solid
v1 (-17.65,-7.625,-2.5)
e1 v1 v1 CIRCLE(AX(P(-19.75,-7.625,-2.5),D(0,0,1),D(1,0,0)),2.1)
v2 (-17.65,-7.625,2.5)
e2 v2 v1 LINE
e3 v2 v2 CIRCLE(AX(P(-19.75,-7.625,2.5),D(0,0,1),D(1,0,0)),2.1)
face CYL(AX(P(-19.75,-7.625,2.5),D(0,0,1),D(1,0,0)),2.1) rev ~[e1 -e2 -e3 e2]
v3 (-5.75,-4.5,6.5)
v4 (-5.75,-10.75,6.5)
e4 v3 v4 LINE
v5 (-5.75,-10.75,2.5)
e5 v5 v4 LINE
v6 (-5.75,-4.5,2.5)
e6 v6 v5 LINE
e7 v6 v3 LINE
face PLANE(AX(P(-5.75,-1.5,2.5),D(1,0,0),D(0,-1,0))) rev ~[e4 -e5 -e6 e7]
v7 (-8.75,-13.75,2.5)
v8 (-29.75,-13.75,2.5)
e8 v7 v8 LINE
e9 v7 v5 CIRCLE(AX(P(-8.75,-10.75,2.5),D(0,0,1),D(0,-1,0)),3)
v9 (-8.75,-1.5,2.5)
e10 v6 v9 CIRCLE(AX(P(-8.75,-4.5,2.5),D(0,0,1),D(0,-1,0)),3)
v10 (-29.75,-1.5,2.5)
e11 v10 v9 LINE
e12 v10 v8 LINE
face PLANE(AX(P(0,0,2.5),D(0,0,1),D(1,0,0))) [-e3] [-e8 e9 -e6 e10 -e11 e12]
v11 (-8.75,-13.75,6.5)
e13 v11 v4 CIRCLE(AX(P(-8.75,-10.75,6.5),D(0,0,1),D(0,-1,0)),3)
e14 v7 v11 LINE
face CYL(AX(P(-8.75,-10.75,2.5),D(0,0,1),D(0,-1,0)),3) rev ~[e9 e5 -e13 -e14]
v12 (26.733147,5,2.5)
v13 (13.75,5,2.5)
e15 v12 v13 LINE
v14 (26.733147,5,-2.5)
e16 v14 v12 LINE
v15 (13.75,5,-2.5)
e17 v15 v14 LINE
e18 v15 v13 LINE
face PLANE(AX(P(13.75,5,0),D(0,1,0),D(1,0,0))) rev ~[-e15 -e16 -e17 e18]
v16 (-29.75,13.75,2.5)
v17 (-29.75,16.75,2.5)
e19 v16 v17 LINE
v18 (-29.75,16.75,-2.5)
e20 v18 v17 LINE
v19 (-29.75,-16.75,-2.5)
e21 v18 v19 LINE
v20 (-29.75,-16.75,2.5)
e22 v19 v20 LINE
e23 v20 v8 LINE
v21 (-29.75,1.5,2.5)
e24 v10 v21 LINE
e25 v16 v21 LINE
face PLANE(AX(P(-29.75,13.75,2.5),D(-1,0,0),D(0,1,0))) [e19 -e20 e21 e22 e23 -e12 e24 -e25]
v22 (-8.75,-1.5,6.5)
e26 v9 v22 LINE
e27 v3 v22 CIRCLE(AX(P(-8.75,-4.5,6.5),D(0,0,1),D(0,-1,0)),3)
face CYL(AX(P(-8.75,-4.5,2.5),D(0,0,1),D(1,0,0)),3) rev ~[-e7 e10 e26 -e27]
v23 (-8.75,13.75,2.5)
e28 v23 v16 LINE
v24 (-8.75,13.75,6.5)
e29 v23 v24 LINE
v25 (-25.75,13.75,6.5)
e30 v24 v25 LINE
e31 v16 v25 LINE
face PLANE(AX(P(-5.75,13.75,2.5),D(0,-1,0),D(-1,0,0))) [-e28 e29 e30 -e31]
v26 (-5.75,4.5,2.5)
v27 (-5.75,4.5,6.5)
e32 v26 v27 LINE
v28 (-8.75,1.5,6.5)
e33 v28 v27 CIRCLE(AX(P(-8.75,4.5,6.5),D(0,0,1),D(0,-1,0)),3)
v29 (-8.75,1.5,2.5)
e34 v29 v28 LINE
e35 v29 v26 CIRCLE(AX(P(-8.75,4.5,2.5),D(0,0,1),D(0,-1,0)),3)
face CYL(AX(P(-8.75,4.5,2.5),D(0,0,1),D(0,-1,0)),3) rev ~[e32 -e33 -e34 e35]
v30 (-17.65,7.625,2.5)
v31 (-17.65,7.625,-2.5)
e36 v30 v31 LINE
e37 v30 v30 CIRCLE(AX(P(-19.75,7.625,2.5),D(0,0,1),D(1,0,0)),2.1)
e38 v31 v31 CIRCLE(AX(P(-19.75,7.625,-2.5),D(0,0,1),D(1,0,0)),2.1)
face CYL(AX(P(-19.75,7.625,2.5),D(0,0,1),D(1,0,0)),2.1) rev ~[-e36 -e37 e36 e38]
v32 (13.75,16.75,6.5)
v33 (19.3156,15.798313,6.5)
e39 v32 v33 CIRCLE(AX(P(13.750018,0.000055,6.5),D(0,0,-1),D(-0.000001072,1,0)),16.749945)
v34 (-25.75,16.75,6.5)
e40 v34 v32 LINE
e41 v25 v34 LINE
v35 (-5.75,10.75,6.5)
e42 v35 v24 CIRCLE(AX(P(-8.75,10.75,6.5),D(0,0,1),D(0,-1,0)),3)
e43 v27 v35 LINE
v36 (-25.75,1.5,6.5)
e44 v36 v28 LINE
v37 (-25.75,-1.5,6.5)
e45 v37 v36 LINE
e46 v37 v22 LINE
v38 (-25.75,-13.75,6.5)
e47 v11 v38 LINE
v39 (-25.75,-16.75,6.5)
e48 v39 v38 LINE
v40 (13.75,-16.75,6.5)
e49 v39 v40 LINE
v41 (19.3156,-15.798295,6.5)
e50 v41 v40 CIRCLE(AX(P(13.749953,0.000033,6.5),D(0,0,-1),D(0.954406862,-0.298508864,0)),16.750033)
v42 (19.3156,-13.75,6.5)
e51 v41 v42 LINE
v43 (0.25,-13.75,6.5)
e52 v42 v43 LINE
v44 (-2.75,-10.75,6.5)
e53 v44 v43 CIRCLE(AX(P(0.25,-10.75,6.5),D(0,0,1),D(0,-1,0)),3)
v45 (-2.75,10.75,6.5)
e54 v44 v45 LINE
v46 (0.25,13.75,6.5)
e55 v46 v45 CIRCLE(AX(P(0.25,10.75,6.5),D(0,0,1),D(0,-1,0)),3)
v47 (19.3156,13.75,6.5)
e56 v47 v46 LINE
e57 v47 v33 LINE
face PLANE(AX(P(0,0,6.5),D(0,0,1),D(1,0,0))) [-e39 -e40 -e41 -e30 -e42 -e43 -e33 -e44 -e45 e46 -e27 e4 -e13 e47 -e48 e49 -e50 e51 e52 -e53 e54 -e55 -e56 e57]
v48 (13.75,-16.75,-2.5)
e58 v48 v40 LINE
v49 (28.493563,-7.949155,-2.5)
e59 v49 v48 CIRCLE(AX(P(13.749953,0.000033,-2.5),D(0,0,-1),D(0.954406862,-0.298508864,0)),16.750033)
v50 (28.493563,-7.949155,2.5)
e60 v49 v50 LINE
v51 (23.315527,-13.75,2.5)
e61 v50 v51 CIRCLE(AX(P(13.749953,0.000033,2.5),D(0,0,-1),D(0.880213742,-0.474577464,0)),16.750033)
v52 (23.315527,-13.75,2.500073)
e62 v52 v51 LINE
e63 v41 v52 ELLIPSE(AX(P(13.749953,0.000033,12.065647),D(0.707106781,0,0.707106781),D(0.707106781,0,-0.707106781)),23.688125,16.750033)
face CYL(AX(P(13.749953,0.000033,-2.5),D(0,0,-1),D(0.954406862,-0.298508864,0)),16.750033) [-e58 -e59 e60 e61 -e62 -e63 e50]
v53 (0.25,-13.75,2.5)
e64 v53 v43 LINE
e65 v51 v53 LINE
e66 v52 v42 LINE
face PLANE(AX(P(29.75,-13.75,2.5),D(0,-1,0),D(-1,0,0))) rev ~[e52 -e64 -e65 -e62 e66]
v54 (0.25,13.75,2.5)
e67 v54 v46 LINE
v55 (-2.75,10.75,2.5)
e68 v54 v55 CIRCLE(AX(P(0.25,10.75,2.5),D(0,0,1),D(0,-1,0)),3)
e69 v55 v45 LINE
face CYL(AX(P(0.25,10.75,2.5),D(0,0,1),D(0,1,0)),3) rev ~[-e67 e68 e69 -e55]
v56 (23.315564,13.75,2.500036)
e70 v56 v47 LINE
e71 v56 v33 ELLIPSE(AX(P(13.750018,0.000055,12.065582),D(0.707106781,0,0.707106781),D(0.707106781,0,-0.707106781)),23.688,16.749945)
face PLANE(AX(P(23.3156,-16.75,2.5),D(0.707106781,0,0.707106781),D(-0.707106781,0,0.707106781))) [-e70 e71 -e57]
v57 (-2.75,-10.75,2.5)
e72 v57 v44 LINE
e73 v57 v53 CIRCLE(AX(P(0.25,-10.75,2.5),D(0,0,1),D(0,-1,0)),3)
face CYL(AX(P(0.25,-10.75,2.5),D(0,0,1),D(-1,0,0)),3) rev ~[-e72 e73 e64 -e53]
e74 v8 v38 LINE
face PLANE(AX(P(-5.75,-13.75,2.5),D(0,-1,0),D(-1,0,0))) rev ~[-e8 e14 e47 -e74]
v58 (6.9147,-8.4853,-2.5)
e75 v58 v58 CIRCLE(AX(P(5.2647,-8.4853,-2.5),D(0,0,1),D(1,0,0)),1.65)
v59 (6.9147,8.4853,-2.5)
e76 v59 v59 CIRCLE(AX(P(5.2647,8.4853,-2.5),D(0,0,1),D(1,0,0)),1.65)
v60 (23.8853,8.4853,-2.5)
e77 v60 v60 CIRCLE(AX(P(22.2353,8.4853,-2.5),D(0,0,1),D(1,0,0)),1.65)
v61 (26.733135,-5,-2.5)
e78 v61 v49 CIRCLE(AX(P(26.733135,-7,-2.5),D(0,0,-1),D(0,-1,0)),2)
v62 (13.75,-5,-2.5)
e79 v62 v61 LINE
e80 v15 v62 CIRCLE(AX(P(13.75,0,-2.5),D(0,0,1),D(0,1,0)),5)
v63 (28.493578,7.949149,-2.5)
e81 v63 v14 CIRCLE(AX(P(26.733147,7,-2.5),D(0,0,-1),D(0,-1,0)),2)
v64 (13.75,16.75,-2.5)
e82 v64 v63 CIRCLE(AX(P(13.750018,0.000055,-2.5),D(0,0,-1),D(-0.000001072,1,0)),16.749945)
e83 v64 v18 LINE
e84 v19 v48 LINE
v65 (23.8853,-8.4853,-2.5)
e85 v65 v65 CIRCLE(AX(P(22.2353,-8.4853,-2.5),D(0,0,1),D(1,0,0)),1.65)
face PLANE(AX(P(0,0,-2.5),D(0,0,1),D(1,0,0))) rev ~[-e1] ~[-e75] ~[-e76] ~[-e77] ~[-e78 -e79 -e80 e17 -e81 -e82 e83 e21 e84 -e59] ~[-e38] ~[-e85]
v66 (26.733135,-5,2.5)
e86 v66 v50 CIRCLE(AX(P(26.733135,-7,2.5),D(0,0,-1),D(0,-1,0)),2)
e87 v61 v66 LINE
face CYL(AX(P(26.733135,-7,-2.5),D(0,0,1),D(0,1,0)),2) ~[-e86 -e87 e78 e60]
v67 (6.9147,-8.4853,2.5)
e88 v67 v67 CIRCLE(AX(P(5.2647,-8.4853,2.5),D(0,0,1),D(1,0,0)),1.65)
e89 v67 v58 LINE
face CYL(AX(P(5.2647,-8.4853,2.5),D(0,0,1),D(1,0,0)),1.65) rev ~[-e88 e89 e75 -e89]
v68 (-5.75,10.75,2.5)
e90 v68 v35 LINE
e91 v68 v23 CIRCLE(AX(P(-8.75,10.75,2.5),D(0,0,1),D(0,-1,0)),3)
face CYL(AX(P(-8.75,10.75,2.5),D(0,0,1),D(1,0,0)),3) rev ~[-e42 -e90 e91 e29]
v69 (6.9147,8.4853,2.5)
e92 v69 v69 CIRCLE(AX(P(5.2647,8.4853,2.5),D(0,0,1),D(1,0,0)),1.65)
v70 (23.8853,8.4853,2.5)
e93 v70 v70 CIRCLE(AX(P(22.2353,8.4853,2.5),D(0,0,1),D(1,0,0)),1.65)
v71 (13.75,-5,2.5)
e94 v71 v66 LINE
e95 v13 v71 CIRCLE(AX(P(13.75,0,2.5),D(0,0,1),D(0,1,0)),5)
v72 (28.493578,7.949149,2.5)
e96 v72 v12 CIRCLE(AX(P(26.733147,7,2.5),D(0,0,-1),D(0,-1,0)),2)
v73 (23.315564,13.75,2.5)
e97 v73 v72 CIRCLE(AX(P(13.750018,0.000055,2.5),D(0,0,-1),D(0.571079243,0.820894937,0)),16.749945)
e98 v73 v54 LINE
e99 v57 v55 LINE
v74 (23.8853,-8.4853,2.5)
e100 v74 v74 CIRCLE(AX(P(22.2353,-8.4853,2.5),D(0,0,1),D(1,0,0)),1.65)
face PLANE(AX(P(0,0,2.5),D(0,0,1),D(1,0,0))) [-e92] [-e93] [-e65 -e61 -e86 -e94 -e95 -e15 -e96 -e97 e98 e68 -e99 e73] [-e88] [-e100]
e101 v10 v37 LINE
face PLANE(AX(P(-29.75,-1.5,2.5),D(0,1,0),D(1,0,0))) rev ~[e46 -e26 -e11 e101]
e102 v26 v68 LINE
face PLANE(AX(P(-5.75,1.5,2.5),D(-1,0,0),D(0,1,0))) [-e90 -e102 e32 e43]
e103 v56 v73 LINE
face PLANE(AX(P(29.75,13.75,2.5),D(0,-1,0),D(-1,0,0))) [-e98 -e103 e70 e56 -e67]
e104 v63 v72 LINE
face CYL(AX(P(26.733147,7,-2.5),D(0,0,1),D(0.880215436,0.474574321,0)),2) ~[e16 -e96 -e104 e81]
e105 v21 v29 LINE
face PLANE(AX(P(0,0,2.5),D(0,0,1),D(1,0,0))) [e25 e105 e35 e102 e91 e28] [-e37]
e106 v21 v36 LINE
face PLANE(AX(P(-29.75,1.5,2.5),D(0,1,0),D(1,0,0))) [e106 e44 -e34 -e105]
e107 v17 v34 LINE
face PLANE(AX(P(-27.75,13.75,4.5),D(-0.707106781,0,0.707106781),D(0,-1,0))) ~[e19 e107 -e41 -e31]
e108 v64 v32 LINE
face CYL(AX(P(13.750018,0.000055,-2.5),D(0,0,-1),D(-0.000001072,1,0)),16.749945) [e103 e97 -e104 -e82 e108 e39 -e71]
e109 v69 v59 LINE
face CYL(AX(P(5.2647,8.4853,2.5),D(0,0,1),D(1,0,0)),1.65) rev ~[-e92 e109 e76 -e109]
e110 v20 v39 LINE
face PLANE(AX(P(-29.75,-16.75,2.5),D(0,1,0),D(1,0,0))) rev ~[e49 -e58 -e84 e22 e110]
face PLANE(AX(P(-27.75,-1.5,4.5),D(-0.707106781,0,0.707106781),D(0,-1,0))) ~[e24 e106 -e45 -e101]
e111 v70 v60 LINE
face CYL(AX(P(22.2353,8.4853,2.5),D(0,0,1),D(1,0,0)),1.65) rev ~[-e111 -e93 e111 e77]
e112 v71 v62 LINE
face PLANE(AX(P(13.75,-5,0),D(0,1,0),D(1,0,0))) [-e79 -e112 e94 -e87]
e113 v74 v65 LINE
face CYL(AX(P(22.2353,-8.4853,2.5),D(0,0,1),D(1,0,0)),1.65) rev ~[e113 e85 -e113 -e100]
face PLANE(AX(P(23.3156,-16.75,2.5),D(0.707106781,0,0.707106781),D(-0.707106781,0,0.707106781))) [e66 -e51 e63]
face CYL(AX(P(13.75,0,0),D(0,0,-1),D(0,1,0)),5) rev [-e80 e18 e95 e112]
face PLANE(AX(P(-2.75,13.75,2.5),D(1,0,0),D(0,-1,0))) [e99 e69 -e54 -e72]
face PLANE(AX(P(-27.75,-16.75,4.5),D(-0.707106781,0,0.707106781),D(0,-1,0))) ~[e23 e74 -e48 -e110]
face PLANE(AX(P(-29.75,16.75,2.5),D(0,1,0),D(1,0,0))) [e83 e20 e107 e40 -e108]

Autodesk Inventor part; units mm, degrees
ref_plane "YZ Plane" through (0, 0, 0) normal (1, 0, 0) x (0, 1, 0)
ref_plane "XZ Plane" through (0, 0, 0) normal (0, 1, 0) x (-1, 0, 0)
ref_plane "XY Plane" through (0, 0, 0) normal (0, 0, 1) x (1, 0, 0)
sketch "Sketch1" plane through (0, 0, 0) normal (0, 0, 1) x (1, 0, 0)
  arc A0 (13.75, 5) -> (13.75, -5) centre (13.75, 0) ccw
  line L0 (29.75, 16.75) -> (-29.75, 16.75)
  line L1 (-29.75, 16.75) -> (-29.75, -16.75)
  line L2 (-29.75, -16.75) -> (29.75, -16.75)
  line L3 (29.75, -16.75) -> (29.75, 16.75)
  line L4 (13.75, 5) -> (29.75, 5)
  line L5 (13.75, -5) -> (29.75, -5)
  arc A1 (13.75, -5) -> (13.75, 5) centre (13.75, 0) ccw construction
  point P0 (0, 0)
  point P1 (0, -16.75)
  point P2 (29.75, 0)
  point P3 (-29.75, 0)
  dimension "d0" = 10
  dimension "d1" = 33.5
  dimension "d2" = 16
  dimension "d3" = 43.5
extrude "Extrusion1" add sketch "Sketch1" along normal mid plane 5 contours A0 L5 L3 L2 L1 L0 L4
sketch "Sketch2" plane through (0, 0, 2.5) normal (0, 0, 1) x (1, 0, 0)
  arc A0 (13.75, 5) -> (13.75, -5) centre (13.75, 0) ccw projected
  circle A1 centre (5.2647, 8.4853) radius 1.65
  line L0 (13.75, 0) -> (5.2647, 8.4853) construction
  line L1 (13.75, 0) -> (0, 0) construction
  line L2 (13.75, 0) -> (13.75, -13.75) construction
  circle A2 centre (5.2647, -8.4853) radius 1.65
  line L3 (13.75, 0) -> (27.5, 0) construction
  circle A3 centre (22.2353, -8.4853) radius 1.65
  line L4 (13.75, 0) -> (13.75, 13.75) construction
  circle A4 centre (22.2353, 8.4853) radius 1.65
  dimension "d6" = 45
  dimension "d7" = 12
  dimension "d8" = 3.3
  dimension "d11" = 360
extrude "Extrusion2" cut sketch "Sketch2" against normal through all
sketch "Sketch3" plane through (0, 0, 2.5) normal (0, 0, 1) x (1, 0, 0)
  circle A0 centre (-19.75, 7.625) radius 2.1
  line L0 (0, 0) -> (-29.75, 0) construction
  line L1 (-29.75, 16.75) -> (-29.75, -16.75) projected
  circle A1 centre (-19.75, -7.625) radius 2.1
  dimension "d15" = 4.2
  dimension "d16" = 10
  dimension "d37" = 9.125
extrude "Extrusion3" cut sketch "Sketch3" against normal through all
sketch "Sketch4" plane through (0, 0, 2.5) normal (0, 0, 1) x (1, 0, 0)
  line L0 (-29.75, 16.75) -> (29.75, 16.75) projected
  line L1 (-29.75, 16.75) -> (29.75, 16.75)
  line L2 (29.75, 16.75) -> (29.75, 13.75)
  line L3 (-29.75, 13.75) -> (-29.75, 16.75)
  line L4 (-2.75, 13.75) -> (-2.75, 0)
  line L5 (-5.75, 1.5) -> (-5.75, 13.75)
  line L6 (-29.75, 1.5) -> (-5.75, 1.5)
  line L7 (-29.75, 0) -> (-29.75, 1.5)
  line L8 (29.75, 13.75) -> (-2.75, 13.75)
  line L9 (-5.75, 13.75) -> (-29.75, 13.75)
  line L10 (0, 0) -> (-29.75, 0) construction
  line L11 (-29.75, -16.75) -> (-29.75, 16.75) projected
  line L12 (-29.75, -16.75) -> (29.75, -16.75)
  line L13 (-29.75, -16.75) -> (29.75, -16.75)
  line L14 (29.75, -16.75) -> (29.75, -13.75)
  line L15 (-29.75, -13.75) -> (-29.75, -16.75)
  line L16 (-2.75, -13.75) -> (-2.75, 0)
  line L17 (-5.75, -1.5) -> (-5.75, -13.75)
  line L18 (-29.75, -1.5) -> (-5.75, -1.5)
  line L19 (-29.75, 0) -> (-29.75, -1.5)
  line L20 (29.75, -13.75) -> (-2.75, -13.75)
  line L21 (-5.75, -13.75) -> (-29.75, -13.75)
  point P0 (29.75, 5)
  dimension "d20" = 3
  dimension "d21" = 3
  dimension "d23" = 24
  dimension "d24" = 1.5
extrude "Extrusion4" add sketch "Sketch4" along normal blind 4 contours L0 L2 L8 L4 L16 L20 L14 L12 L11 L21 L17 L18 L7 L6 L5 L9 L3
sketch "Sketch5" plane through (0, 0, -2.5) normal (0, 0, -1) x (-1, 0, 0)
  arc A0 (-13.75, -5) -> (-13.75, 5) centre (-13.75, 0) ccw projected
  line L0 (29.75, 16.75) -> (-29.75, 16.75) projected
  circle A1 centre (19.75, 7.625) radius 2.1 projected
  circle A2 centre (19.75, -7.625) radius 2.1 projected
  circle A3 centre (-22.2353, -8.4853) radius 1.65 projected
  circle A4 centre (-5.2647, 8.4853) radius 1.65 projected
  circle A5 centre (-5.2647, -8.4853) radius 1.65 projected
  circle A6 centre (-22.2353, 8.4853) radius 1.65 projected
  line L1 (29.75, 16.75) -> (-29.75, 16.75) projected
  line L2 (-29.75, 16.75) -> (-29.75, 5) projected
  line L3 (-29.75, 5) -> (-13.75, 5) projected
  arc A7 (-13.75, -5) -> (-13.75, 5) centre (-13.75, 0) ccw projected
  line L4 (-13.75, -5) -> (-29.75, -5) projected
  line L5 (-29.75, -5) -> (-29.75, -16.75) projected
  line L6 (-29.75, -16.75) -> (29.75, -16.75) projected
  line L7 (29.75, -16.75) -> (29.75, 16.75) projected
  line L8 (-13.75, -16.75) -> (-29.75, -16.75)
  line L9 (-29.75, -13.75) -> (-29.75, -5) projected
  line L10 (-29.75, -5) -> (-29.75, -16.75)
  line L11 (-29.75, 5) -> (-29.75, 16.75)
  line L12 (-13.75, 16.75) -> (-29.75, 16.75)
  arc A8 (-13.75, 16.75) -> (-29.7363, 5) centre (-13.75, 0) ccw
  arc A9 (-29.7363, -5) -> (-13.75, -16.75) centre (-13.75, 0) ccw
  point P0 (0, 0)
extrude "Extrusion5" cut sketch "Sketch5" against normal through all contours A9 L6 L5 L4 | L3 L2 L0 A8
fillet "Fillet1" radius 2 2 edges at (29.7363, -5, 0) (29.7363, 5, 0)
chamfer "Chamfer1" distance 4 angle 45 3 edges at (-29.75, 15.25, 6.5) (-29.75, 0, 6.5) (-29.75, -15.25, 6.5)
sketch "Sketch6" plane through (-29.75, -16.75, -2.5) normal (0, -1, 0) x (1, 0, 0)
  line L0 (58.2436, 5) -> (58.2436, 0) projected
  line L1 (53.0656, 5) -> (58.2436, 5) projected
  line L2 (53.0656, 9) -> (53.0656, 5) projected
  line L3 (43.5, 9) -> (53.0656, 9) projected
  line L4 (43.5, 9) -> (43.5, 0) projected
  line L5 (58.2436, 0) -> (43.5, 0) projected
  line L6 (53.0656, 5) -> (49.0656, 9)
  line L7 (27, 9) -> (53.0656, 9) projected
  line L8 (53.0656, 9) -> (27, 9) projected
  line L9 (49.0656, 9) -> (53.0656, 9)
  line L10 (53.0656, 9) -> (53.0656, 5)
  point P0 (29.75, 2.5)
  dimension "d33" = 45
extrude "Extrusion6" cut sketch "Sketch6" against normal through all contours L6 L3 L2
fillet "Fillet2" radius 3 6 edges at (-2.75, -13.75, 4.5) (-5.75, -13.75, 4.5) (-2.75, 13.75, 4.5) (-5.75, -1.5, 4.5) (-5.75, 13.75, 4.5) (-5.75, 1.5, 4.5)
equation "\"d21\" = d20"
equation "\"d24\" = 0.5 * d20"
properties part number "holder-LMF8LUU-z-axis-v2"
